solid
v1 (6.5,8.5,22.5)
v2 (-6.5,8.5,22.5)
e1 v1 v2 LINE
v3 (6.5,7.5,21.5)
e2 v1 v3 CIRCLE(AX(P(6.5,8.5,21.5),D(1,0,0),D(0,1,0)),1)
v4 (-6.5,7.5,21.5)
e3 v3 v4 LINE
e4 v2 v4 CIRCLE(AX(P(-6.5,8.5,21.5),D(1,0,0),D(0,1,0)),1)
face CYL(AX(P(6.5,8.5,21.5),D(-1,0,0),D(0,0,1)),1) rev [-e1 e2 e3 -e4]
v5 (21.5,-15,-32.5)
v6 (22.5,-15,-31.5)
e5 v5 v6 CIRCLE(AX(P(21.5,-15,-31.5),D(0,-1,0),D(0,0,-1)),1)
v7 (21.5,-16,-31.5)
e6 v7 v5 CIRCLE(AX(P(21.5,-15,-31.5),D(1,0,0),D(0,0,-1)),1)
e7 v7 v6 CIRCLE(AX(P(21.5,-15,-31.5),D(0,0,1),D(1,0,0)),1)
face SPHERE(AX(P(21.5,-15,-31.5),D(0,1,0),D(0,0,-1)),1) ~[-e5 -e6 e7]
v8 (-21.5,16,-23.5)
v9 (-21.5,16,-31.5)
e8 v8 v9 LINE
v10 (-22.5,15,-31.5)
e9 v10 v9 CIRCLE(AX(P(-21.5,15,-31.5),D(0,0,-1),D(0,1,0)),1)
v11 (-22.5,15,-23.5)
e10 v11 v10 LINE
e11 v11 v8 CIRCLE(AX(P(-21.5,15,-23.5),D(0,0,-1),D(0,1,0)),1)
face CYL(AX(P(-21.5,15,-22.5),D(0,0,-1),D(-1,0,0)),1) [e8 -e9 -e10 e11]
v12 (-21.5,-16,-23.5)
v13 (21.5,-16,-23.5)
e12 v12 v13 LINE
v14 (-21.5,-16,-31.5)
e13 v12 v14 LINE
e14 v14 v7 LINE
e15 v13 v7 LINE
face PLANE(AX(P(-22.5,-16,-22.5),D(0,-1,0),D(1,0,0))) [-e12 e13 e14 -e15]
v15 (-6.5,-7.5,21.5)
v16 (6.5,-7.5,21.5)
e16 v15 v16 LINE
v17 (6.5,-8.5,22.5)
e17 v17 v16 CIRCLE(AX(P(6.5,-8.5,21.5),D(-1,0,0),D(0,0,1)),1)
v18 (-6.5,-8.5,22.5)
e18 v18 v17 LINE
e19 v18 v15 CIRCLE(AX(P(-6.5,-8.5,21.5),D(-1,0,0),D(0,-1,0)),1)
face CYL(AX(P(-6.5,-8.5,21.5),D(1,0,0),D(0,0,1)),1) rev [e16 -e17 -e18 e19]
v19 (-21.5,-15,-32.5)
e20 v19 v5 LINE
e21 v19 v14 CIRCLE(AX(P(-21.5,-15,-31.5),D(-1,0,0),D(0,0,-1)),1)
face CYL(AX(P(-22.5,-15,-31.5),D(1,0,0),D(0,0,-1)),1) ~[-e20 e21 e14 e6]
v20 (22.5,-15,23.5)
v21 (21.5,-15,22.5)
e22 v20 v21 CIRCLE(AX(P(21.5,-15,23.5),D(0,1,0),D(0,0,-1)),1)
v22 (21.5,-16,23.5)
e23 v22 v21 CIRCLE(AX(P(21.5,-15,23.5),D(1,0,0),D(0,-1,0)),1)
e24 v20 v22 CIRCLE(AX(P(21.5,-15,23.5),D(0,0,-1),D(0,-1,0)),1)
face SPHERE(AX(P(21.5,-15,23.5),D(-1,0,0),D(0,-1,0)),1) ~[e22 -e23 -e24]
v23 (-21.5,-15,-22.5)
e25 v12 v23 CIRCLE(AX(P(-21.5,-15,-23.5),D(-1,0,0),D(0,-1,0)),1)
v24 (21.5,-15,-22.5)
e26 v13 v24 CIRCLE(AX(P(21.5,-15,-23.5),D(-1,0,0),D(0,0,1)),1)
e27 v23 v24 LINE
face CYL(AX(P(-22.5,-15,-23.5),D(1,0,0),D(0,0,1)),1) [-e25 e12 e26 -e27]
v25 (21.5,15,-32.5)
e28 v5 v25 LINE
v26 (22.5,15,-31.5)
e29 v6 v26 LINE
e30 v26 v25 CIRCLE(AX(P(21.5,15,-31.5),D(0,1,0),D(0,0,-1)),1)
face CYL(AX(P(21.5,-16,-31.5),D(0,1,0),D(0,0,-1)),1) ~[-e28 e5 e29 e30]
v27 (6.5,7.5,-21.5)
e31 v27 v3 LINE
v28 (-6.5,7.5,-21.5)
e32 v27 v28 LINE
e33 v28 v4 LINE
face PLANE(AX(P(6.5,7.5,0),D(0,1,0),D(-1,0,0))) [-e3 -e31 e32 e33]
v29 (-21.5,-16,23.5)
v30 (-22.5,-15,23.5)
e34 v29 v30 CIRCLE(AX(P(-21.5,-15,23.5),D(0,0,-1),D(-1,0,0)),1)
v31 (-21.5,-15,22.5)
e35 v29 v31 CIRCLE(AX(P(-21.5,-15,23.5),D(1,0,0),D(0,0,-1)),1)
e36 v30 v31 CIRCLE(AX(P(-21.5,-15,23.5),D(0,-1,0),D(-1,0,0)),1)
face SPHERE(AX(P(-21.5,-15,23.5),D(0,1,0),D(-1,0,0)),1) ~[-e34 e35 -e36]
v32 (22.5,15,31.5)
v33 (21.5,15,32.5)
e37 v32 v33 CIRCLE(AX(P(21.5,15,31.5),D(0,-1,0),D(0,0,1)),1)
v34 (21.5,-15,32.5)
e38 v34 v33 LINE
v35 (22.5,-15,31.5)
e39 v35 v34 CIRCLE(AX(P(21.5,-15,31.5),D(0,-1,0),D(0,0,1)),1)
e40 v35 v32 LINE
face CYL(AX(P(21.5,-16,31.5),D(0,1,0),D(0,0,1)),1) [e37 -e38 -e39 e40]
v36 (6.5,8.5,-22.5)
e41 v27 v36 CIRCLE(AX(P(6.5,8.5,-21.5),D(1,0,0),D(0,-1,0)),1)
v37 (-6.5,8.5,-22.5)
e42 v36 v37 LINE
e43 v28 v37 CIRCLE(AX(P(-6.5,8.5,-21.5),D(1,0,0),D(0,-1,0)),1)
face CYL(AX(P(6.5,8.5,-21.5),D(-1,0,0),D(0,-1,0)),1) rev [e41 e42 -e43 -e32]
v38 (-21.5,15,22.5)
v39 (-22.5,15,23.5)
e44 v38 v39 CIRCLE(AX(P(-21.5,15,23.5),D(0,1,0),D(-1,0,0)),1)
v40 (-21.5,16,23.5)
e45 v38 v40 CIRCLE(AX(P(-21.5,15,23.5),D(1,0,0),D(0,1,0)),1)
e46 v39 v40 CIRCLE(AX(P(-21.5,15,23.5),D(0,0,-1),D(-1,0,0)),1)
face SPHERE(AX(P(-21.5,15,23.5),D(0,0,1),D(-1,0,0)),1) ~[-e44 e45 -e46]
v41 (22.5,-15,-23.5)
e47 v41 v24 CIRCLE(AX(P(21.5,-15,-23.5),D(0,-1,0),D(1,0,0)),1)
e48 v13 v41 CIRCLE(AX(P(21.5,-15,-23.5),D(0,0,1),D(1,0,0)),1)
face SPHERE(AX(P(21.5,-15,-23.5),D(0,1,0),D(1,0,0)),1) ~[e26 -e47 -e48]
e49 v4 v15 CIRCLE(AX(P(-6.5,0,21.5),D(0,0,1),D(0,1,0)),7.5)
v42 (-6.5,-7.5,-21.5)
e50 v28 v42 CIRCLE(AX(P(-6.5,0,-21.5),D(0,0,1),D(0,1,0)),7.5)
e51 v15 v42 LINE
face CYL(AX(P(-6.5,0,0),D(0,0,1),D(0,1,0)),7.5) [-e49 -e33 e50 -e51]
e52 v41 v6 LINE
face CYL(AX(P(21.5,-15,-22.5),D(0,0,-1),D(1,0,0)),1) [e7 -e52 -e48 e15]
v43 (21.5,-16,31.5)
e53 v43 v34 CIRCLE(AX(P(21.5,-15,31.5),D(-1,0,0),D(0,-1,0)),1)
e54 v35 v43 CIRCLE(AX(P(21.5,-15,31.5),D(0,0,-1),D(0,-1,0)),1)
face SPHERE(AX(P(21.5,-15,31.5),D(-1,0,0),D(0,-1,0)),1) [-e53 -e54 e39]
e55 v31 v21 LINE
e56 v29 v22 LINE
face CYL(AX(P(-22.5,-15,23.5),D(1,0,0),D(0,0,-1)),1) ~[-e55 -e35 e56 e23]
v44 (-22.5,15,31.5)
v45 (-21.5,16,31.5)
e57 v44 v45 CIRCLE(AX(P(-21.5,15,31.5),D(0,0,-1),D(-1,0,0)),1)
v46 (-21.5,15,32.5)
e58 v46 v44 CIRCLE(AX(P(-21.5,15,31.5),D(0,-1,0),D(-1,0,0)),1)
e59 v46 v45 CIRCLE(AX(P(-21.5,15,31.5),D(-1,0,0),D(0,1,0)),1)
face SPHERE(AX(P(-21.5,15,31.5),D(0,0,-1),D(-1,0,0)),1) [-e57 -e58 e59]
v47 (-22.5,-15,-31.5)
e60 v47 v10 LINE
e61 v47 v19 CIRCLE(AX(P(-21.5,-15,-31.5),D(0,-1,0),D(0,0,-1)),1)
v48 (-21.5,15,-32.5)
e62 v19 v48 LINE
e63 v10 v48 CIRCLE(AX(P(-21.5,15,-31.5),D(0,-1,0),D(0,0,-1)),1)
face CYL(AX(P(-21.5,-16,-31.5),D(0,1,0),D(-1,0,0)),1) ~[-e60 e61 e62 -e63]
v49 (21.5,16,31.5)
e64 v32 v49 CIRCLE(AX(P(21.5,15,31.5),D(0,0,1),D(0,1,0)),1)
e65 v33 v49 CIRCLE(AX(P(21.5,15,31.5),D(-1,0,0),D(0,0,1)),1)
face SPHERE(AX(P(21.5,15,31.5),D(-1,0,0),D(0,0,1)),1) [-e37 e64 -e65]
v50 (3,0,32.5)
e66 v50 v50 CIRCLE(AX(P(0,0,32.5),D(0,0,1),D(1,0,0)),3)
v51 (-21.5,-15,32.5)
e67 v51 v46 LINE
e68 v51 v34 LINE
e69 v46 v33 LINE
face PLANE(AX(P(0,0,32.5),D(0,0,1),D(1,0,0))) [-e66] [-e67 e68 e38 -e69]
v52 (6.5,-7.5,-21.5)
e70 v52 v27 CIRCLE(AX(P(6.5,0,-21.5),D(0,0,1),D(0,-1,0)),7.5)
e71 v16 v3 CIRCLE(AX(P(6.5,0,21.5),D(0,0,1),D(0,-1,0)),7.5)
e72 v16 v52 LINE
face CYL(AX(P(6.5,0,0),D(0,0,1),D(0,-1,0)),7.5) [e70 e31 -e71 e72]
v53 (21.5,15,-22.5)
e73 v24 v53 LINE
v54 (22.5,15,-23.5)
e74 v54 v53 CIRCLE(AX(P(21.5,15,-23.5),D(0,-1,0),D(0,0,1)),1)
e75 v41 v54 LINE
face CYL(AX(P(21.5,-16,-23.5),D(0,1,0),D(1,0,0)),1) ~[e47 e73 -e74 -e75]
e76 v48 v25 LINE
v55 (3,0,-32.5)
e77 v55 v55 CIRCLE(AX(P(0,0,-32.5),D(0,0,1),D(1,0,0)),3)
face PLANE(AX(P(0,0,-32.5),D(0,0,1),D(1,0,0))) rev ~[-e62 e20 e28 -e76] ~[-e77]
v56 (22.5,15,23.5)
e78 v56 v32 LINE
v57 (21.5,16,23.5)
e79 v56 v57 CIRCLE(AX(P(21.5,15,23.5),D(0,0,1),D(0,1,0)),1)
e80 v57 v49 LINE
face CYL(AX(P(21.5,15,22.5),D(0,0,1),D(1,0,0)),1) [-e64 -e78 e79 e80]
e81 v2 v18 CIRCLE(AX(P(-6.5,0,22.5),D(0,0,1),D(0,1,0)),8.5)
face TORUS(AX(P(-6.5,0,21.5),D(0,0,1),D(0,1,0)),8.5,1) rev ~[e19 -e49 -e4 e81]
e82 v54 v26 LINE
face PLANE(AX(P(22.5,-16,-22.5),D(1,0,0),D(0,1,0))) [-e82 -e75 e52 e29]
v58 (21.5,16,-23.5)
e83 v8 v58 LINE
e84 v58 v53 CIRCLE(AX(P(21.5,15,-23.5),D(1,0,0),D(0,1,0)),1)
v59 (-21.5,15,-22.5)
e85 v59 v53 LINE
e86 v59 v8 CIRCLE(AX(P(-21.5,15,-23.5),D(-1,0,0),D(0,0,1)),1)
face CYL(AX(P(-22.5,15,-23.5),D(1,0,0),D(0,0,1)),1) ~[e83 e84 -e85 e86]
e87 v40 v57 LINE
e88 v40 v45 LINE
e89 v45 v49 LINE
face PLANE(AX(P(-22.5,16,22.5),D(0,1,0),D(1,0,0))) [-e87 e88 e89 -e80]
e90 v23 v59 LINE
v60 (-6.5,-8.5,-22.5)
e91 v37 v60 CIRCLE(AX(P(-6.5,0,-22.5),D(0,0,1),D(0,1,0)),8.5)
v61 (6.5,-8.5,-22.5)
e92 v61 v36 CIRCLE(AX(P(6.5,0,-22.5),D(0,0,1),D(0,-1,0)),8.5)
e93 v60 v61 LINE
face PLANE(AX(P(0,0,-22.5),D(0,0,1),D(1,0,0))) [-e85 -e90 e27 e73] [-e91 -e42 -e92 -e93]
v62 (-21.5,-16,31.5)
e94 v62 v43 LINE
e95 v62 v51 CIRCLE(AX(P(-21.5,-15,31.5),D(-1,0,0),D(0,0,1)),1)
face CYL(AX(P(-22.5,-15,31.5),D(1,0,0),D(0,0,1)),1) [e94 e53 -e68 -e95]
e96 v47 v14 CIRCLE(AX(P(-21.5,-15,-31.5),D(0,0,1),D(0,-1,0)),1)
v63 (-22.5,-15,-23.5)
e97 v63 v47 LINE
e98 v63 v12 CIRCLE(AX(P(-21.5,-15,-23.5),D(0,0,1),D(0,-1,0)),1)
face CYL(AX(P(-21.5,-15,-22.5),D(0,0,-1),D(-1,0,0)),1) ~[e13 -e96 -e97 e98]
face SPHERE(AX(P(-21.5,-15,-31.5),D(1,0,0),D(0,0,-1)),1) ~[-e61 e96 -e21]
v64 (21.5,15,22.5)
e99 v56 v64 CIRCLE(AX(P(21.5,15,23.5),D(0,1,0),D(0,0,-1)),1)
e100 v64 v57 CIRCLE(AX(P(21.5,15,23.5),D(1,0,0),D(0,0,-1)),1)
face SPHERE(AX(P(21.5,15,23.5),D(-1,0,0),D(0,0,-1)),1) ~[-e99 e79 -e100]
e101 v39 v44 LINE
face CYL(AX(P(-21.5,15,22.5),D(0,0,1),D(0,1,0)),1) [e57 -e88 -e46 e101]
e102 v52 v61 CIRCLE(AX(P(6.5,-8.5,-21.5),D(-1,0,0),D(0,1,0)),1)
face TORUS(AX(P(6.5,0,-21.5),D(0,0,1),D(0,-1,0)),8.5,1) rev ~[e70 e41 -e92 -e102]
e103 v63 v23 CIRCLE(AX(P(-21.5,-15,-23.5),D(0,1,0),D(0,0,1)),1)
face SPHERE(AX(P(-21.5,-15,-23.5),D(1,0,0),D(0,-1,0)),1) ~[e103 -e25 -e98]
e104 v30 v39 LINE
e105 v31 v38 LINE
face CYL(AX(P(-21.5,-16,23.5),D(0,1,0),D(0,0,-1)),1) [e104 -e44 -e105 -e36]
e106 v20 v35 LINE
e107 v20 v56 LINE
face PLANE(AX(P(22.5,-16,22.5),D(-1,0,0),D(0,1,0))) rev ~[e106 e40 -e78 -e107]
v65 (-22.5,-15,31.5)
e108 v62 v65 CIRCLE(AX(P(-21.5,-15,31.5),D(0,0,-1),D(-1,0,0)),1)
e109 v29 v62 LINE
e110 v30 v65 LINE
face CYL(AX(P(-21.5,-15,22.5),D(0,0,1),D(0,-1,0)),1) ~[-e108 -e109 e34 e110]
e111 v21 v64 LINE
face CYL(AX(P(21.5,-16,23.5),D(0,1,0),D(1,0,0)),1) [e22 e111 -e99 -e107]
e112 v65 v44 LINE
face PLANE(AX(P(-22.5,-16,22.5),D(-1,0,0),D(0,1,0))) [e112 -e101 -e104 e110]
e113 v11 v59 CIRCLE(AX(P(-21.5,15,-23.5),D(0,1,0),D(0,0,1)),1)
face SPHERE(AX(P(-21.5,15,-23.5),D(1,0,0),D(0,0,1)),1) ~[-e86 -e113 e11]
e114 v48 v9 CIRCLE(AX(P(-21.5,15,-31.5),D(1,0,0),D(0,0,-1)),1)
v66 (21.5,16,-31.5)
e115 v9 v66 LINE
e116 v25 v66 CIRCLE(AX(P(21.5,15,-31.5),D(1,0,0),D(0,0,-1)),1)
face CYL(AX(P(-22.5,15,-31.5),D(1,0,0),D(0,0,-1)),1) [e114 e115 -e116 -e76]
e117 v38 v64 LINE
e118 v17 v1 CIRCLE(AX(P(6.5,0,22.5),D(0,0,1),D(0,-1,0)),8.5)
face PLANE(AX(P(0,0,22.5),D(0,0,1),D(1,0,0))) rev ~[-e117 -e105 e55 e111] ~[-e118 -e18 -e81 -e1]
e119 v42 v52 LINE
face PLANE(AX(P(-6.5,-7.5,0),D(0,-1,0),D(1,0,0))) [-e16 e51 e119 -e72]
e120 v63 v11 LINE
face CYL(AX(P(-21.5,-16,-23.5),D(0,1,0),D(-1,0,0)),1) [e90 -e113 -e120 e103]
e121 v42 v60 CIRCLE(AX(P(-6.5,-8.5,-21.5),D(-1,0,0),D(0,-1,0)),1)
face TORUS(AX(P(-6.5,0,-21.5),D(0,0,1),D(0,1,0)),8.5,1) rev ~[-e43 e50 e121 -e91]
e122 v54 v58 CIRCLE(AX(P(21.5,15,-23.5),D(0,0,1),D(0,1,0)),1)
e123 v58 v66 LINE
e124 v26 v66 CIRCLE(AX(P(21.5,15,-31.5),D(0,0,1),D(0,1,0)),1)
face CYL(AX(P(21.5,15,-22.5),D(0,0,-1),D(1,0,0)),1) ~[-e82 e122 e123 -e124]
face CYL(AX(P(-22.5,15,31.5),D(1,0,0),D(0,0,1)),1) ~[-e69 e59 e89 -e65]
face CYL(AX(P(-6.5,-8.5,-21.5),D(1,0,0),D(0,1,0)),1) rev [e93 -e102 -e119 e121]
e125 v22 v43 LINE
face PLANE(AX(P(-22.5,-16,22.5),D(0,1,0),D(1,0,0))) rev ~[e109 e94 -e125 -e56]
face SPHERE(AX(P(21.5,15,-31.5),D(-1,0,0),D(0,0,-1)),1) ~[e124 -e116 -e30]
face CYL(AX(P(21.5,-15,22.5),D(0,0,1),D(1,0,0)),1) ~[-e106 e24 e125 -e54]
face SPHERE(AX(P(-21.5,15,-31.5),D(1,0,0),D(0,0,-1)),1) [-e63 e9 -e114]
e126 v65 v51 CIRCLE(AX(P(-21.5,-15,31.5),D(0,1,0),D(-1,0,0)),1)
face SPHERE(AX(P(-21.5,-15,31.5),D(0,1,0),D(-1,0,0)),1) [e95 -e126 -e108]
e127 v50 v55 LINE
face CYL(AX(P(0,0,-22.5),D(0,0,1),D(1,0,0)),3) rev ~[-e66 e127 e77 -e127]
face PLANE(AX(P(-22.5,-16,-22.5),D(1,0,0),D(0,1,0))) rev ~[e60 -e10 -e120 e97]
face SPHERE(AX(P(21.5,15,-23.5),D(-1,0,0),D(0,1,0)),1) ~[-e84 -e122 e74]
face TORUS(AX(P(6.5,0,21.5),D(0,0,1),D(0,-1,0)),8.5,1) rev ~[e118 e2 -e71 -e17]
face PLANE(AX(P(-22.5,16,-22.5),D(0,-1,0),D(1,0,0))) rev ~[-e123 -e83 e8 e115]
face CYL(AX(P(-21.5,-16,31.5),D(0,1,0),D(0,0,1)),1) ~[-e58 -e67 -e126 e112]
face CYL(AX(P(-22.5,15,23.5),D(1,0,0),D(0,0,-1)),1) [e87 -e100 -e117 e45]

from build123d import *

# Parameters (mm, degrees)
F0_R     = 3
F1_DEPTH = 22.5
F4_W     = 45
F4_H     = 32
F4_R     = 3
F5_DEPTH = 10
F6_W     = 45
F6_H     = 32
F6_R     = 3
F7_DEPTH = 10
F8_R     = 1


with BuildPart() as f1:
    # F0 (on Top) → F1 (new body, symmetric)
    with BuildSketch(Plane.XY):
        with BuildLine():
            ThreePointArc((6.5, -7.5), (14, 0), (6.5, 7.5))
            Line((6.5, 7.5), (-6.5, 7.5))
            ThreePointArc((-6.5, 7.5), (-14, 0), (-6.5, -7.5))
            Line((-6.5, -7.5), (6.5, -7.5))
        make_face()
        Circle(F0_R, mode=Mode.SUBTRACT)
    extrude(amount=F1_DEPTH, both=True)

    # F4 (on offset) → F5 (join)
    with BuildSketch(Plane.XY.offset(22.5)):
        Rectangle(F4_W, F4_H)
        Circle(F4_R, mode=Mode.SUBTRACT)
    extrude(amount=F5_DEPTH)

    # F6 (on offset) → F7 (join)
    with BuildSketch(Plane.XY.offset(-22.5)):
        Rectangle(F6_W, F6_H)
        Circle(F6_R, mode=Mode.SUBTRACT)
    extrude(amount=-F7_DEPTH)

    # F8
    f8_edges = [f1.edges().sort_by_distance(p)[0] for p in [
        (0, 16, -32.5),
        (22.5, 0, -32.5),
        (0, -16, -32.5),
        (-22.5, 0, -32.5),
        (0, 16, -22.5),
        (22.5, 16, -27.5),
        (22.5, 0, -22.5),
        (22.5, -16, -27.5),
        (0, -16, -22.5),
        (-22.5, -16, -27.5),
        (-22.5, 0, -22.5),
        (-22.5, 16, -27.5),
        (0, 7.5, -22.5),
        (-14, 0, 22.5),
        (-22.5, 16, 27.5),
        (-22.5, 0, 22.5),
        (0, 16, 22.5),
        (-22.5, 0, 32.5),
        (0, 16, 32.5),
        (-22.5, -16, 27.5),
        (0, -16, 32.5),
        (0, -16, 22.5),
        (22.5, -16, 27.5),
        (22.5, 0, 22.5),
        (22.5, 0, 32.5),
        (22.5, 16, 27.5),
    ]]
    fillet(f8_edges, radius=F8_R)


solid = f1.part
